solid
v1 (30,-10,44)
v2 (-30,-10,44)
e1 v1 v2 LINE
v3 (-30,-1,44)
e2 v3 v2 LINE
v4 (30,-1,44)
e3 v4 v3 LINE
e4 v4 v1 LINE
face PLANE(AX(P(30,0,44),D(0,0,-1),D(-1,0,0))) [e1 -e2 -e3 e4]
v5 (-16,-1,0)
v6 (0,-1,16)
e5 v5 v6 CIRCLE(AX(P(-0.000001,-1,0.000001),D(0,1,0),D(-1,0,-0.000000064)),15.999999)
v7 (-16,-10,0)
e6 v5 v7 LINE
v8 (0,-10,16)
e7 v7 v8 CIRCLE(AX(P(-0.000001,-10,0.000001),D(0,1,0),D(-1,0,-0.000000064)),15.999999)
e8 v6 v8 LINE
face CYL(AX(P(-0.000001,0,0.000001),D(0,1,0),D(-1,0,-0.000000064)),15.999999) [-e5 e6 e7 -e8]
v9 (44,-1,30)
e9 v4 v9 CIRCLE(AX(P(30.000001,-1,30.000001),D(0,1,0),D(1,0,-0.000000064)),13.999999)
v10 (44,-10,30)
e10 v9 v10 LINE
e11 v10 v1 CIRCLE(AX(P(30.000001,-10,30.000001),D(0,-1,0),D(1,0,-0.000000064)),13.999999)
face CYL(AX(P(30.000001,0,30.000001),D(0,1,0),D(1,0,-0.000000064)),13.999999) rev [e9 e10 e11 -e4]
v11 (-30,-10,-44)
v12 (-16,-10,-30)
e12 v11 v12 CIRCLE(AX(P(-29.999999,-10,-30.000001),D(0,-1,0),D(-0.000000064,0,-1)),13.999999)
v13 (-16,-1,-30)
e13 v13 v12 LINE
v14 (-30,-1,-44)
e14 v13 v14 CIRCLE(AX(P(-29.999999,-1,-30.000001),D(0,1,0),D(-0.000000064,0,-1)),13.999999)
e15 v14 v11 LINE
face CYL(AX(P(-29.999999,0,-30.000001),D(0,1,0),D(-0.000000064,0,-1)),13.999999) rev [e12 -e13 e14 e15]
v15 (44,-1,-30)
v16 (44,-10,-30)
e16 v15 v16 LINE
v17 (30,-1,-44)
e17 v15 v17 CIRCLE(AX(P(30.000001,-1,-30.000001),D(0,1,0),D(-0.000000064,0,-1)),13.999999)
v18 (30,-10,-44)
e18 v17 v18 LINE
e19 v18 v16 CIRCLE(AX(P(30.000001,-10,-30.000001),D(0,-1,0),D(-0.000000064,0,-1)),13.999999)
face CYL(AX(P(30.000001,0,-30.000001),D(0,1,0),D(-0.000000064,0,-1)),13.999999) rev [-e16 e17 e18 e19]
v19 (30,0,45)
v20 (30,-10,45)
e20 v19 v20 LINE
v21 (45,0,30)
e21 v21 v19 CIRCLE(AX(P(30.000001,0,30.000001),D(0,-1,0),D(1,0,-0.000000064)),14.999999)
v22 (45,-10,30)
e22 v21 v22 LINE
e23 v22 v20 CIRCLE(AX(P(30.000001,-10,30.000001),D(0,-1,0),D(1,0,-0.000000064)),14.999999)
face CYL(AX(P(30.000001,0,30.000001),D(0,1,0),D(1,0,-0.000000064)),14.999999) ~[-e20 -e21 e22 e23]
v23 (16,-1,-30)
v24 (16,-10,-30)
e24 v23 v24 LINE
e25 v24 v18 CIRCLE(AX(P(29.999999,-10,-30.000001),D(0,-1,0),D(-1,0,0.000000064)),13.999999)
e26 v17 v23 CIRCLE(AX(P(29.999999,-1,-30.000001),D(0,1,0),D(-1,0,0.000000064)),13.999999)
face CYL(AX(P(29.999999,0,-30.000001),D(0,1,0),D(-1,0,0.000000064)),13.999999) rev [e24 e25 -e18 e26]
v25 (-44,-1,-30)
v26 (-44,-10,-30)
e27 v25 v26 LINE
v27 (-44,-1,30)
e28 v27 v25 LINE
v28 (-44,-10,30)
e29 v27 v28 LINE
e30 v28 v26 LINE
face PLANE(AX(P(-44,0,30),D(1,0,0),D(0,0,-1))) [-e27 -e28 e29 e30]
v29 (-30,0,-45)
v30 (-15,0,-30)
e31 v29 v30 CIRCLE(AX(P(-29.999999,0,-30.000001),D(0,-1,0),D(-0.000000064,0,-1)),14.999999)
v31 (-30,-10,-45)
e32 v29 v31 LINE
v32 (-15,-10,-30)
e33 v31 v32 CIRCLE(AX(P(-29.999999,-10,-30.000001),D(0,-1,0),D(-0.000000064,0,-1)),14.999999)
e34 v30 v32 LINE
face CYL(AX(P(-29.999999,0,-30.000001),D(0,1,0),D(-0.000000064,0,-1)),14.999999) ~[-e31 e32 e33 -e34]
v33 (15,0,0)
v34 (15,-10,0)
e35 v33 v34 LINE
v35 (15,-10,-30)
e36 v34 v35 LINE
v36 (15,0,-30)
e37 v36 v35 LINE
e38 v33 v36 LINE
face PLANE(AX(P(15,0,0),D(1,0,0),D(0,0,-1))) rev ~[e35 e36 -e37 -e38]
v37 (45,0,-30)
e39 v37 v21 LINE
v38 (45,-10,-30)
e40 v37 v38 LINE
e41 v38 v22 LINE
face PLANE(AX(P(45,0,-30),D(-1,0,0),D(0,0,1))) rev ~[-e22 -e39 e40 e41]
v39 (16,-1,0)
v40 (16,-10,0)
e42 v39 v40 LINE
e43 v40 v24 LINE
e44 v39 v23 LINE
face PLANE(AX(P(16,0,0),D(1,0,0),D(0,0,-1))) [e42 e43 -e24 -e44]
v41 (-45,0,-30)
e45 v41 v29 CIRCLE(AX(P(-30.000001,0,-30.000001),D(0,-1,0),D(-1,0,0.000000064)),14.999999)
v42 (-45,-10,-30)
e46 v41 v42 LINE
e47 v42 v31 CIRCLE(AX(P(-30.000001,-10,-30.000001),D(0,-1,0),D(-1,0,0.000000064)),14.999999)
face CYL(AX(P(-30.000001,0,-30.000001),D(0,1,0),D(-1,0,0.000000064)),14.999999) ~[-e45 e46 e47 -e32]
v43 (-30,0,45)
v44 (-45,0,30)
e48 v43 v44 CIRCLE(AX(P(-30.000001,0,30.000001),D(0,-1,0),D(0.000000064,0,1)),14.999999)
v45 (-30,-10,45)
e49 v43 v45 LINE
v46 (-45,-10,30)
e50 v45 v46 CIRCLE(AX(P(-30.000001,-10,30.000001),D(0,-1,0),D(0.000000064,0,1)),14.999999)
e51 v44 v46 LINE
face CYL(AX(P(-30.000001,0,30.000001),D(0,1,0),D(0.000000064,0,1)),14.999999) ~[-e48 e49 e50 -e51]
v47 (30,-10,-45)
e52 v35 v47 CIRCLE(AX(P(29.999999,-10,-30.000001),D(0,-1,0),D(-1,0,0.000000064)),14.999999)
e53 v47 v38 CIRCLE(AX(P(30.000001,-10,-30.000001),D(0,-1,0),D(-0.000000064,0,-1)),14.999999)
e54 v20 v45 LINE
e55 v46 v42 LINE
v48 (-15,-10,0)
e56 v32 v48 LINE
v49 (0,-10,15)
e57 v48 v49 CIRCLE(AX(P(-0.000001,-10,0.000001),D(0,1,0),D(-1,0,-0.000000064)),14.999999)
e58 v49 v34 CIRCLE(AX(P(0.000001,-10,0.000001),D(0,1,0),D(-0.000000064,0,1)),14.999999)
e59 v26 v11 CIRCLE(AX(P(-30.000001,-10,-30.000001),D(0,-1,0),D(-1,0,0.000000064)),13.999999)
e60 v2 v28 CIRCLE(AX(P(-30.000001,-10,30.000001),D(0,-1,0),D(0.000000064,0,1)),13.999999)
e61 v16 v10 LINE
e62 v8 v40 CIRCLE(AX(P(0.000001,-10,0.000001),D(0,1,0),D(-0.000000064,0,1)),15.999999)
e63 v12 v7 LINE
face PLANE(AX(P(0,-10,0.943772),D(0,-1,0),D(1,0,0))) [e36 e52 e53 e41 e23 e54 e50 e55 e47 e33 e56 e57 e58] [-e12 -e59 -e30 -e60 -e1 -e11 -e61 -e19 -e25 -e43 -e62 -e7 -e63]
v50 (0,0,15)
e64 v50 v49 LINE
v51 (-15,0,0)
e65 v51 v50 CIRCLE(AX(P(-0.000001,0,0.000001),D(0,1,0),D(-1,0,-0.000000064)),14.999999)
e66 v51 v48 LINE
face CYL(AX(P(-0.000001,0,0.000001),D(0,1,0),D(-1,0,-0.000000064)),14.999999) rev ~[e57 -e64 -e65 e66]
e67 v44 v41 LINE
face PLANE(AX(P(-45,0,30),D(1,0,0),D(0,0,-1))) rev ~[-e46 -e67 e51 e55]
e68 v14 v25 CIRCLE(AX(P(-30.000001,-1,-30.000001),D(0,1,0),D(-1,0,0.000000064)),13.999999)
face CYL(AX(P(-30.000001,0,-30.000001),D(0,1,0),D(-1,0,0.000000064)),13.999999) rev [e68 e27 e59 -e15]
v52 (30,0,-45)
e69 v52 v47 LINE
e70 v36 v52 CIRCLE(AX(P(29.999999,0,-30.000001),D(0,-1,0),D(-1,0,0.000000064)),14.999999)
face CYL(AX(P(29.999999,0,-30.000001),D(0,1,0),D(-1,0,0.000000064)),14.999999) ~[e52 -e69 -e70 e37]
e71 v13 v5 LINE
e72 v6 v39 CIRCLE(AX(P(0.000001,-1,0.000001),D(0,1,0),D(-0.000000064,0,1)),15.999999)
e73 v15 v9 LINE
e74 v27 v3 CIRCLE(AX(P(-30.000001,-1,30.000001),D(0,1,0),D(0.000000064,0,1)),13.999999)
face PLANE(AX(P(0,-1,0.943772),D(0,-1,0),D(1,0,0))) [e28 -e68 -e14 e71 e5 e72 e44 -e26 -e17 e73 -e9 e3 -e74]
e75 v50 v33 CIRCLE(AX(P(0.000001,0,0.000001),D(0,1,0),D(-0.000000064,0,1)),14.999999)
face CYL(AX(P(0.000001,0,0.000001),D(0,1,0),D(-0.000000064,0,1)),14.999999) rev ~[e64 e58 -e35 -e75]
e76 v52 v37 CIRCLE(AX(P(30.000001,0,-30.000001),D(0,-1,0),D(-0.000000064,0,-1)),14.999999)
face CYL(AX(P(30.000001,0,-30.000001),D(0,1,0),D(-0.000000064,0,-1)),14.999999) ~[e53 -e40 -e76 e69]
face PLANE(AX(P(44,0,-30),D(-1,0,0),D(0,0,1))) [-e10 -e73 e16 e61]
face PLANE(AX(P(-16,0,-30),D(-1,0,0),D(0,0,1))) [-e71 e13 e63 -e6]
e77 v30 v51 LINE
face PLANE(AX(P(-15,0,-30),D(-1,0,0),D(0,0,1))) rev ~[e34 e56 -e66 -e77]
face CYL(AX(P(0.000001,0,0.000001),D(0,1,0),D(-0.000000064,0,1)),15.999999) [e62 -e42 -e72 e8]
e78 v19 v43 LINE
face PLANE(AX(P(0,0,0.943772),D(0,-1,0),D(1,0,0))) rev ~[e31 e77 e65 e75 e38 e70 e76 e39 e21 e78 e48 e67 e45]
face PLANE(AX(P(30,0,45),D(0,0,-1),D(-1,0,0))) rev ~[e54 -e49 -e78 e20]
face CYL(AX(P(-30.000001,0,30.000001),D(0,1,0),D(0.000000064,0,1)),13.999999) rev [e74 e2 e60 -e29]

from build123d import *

# Parameters (mm, degrees)
F1_DEPTH = 10
F2_T     = -1


with BuildPart() as f1:
    # F0 (on Front) → F1 (new body)
    with BuildSketch(Plane.XZ):
        with BuildLine():
            ThreePointArc((45, 30), (40.606602, 40.606602), (30, 45))
            Line((30, 45), (-30, 45))
            ThreePointArc((-30, 45), (-40.606602, 40.606602), (-45, 30))
            Line((-45, 30), (-45, -30))
            ThreePointArc((-45, -30), (-40.606602, -40.606602), (-30, -45))
            ThreePointArc((-30, -45), (-19.393398, -40.606602), (-15, -30))
            Line((-15, -30), (-15, 0))
            ThreePointArc((-15, 0), (-10.606602, 10.606602), (0, 15))
            ThreePointArc((0, 15), (10.606602, 10.606602), (15, 0))
            Line((15, 0), (15, -30))
            ThreePointArc((15, -30), (19.393398, -40.606602), (30, -45))
            ThreePointArc((30, -45), (40.606602, -40.606602), (45, -30))
            Line((45, -30), (45, 30))
        make_face()
    extrude(amount=F1_DEPTH)

    # F2
    f2_openings = [f1.faces().sort_by_distance(p)[0] for p in [
        (43.727208, -10, 0),
    ]]
    offset(amount=F2_T, openings=f2_openings)


solid = f1.part
